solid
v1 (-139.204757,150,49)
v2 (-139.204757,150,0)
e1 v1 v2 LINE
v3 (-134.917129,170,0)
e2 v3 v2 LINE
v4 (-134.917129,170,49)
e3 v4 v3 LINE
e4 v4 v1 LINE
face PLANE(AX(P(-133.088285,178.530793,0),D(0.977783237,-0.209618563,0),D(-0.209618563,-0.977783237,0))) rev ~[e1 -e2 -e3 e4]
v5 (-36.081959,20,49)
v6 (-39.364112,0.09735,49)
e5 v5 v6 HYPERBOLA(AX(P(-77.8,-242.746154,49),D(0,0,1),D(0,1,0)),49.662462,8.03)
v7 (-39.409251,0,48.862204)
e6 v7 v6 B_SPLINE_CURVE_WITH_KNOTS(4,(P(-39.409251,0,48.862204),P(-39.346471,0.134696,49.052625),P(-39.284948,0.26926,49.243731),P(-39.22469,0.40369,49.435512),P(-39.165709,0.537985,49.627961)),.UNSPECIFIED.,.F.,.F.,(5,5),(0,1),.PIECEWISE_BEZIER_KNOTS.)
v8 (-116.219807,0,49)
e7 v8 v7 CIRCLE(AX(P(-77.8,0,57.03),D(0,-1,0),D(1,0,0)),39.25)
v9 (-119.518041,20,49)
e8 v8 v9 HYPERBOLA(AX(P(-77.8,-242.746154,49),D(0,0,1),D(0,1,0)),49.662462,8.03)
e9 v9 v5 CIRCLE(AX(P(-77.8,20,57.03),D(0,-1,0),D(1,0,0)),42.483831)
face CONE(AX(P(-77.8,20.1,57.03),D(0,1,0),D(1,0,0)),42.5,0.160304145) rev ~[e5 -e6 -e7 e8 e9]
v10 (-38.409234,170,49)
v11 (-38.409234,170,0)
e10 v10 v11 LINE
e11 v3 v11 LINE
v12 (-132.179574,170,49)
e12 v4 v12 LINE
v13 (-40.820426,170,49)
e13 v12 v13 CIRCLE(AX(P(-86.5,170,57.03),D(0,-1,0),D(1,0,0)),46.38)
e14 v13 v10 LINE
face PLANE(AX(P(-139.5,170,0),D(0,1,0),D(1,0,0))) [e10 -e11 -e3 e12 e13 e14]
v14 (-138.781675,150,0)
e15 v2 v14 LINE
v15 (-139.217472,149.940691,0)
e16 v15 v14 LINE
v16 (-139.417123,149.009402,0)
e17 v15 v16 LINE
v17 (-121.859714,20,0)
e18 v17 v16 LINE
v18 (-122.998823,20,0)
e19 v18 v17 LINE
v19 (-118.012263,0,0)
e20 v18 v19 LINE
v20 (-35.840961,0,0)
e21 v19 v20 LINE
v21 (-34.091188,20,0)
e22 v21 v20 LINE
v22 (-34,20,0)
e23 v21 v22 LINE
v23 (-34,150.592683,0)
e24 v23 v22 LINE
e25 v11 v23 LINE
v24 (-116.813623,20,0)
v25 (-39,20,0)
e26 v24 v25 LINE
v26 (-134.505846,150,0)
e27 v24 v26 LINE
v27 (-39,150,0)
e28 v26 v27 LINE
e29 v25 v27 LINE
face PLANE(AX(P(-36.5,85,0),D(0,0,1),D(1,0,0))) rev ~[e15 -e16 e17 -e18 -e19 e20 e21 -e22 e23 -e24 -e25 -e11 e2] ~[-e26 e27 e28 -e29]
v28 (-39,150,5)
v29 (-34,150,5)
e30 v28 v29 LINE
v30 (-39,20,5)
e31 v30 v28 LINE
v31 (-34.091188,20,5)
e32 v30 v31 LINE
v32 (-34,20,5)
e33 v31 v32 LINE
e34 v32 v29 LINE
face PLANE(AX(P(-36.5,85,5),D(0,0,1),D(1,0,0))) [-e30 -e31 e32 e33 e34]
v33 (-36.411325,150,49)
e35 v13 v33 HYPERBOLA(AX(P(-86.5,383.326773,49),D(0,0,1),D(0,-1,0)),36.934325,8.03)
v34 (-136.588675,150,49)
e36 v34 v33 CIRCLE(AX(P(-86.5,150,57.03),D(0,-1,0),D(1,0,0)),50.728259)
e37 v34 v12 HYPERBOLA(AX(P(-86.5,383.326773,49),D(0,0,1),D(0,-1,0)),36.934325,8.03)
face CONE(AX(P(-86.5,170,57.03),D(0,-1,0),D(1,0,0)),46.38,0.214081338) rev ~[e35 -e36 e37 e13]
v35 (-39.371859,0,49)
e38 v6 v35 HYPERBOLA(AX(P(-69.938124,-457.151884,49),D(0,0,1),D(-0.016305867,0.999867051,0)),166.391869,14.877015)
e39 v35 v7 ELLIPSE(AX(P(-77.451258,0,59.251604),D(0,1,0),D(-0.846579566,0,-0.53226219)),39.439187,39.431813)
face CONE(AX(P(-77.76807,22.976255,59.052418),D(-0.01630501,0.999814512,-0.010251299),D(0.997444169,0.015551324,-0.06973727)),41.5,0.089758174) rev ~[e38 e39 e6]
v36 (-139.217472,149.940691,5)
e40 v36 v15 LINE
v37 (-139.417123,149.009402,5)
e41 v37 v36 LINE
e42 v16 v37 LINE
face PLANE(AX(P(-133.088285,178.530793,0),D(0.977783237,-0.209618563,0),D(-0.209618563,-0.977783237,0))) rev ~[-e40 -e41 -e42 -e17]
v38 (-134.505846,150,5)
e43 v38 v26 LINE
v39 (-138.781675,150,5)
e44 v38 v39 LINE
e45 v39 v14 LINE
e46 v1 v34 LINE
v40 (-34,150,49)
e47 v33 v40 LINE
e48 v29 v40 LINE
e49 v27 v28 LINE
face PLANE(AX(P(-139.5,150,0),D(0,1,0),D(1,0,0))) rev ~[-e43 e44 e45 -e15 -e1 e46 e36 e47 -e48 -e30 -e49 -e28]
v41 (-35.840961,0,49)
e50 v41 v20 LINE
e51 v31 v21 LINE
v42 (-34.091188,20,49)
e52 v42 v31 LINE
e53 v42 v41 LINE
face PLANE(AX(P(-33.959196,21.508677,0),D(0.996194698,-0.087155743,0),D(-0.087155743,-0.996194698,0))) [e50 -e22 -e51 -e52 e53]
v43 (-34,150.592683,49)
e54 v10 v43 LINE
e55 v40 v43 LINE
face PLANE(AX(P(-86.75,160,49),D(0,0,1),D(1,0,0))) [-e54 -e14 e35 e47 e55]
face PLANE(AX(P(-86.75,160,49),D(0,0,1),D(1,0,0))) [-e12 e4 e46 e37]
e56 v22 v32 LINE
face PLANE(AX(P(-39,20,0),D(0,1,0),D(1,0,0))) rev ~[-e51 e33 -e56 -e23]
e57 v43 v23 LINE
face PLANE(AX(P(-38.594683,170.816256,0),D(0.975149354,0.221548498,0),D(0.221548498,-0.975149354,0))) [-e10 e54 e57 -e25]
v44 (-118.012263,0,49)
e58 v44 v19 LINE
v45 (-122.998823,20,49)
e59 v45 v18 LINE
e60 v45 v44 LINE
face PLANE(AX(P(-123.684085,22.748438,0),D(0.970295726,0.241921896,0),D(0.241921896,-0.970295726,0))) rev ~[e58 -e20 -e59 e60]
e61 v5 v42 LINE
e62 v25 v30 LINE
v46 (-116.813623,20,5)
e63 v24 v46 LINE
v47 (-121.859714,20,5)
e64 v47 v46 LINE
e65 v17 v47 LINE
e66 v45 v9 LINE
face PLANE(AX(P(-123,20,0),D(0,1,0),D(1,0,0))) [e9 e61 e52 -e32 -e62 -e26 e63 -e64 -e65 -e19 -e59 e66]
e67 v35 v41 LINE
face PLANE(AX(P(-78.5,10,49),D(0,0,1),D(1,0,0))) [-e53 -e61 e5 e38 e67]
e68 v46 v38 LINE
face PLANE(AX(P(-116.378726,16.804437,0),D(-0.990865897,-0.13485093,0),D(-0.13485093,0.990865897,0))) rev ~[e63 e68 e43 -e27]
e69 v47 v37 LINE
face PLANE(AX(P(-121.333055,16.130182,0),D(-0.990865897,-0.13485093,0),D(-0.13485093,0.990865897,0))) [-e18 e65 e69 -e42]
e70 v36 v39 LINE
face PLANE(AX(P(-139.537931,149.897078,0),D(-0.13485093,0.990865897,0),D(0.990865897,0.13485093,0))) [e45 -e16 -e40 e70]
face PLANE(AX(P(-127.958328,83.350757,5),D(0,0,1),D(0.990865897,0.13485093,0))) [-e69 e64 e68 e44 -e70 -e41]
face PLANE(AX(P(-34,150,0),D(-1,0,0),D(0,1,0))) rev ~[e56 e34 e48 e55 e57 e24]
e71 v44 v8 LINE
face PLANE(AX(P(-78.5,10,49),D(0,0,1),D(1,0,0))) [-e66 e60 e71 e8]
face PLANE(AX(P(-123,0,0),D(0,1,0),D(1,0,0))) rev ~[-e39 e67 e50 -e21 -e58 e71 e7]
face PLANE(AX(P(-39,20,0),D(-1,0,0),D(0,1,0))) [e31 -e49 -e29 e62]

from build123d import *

# Parameters (mm, degrees)
BOX004_W                = 40
BOX004_H                = 20
BOX004_DEPTH            = 49
BOX004_PLACEMENT_ANGLE  = 257.9
BOX003_W                = 40
BOX003_H                = 20
BOX003_DEPTH            = 49
BOX003_PLACEMENT_ANGLE  = 282.8
BOX001_W                = 105.5
BOX001_H                = 20
BOX001_DEPTH            = 49
BOX007_W                = 5
BOX007_H                = 135
BOX007_DEPTH            = 5
BOX007_PLACEMENT_ANGLE  = 352.25
BOX008_W                = 5
BOX008_H                = 130
BOX008_DEPTH            = 5
CONE001_ROLL_ANGLE      = 89.4112
CONE001_PITCH_ANGLE     = 3.998897
CONE001_PLACEMENT_ANGLE = 0.893236
BOX002_W                = 40
BOX002_H                = 20
BOX002_DEPTH            = 49
BOX002_PLACEMENT_ANGLE  = 76
BOX005_W                = 40
BOX005_H                = 20
BOX005_DEPTH            = 49
BOX005_PLACEMENT_ANGLE  = 95
BOX_W                   = 89
BOX_H                   = 20
BOX_DEPTH               = 49


with BuildPart() as cube004:
    # Box004 → Box004 (new body)
    with BuildSketch(Plane.XY):
        with Locations((20, 10)):
            Rectangle(BOX004_W, BOX004_H)
    extrude(amount=BOX004_DEPTH)


with BuildPart() as cube004_1:
    # Box004 placement: moved
    add(cube004.part.moved(Location((-152.64395, 182.723164, 0))).rotate(Axis((-152.64395, 182.723164, 0), (0, 0, 1)), BOX004_PLACEMENT_ANGLE))


with BuildPart() as cone:
    # Cone → Cone (revolve)
    with BuildSketch(Plane(origin=(-86.5, 170, 57.03), x_dir=(1, 0, 0), z_dir=(0, 0, -1))):
        Polygon((0, 0), (46.38, 0), (50.75, 20.1), (0, 20.1), align=None)
    revolve(axis=Axis((-86.5, 170, 57.03), (0, -1, 0)))


with BuildPart() as cube003:
    # Box003 → Box003 (new body)
    with BuildSketch(Plane.XY):
        with Locations((20, 10)):
            Rectangle(BOX003_W, BOX003_H)
    extrude(amount=BOX003_DEPTH)


with BuildPart() as cube003_1:
    # Box003 placement: moved
    add(cube003.part.moved(Location((-38.594683, 170.816256, 0))).rotate(Axis((-38.594683, 170.816256, 0), (0, 0, 1)), BOX003_PLACEMENT_ANGLE))


with BuildPart() as cut003:
    # Box001 → Box001 (new body)
    with BuildSketch(Plane(origin=(-139.5, 150, 0), x_dir=(1, 0, 0), z_dir=(0, 0, 1))):
        with Locations((52.75, 10)):
            Rectangle(BOX001_W, BOX001_H)
    extrude(amount=BOX001_DEPTH)

    # Cut003: cut Cube003
    add(cube003_1.part, mode=Mode.SUBTRACT)


with BuildPart() as cut005:
    # Box007 → Box007 (new body)
    with BuildSketch(Plane.XY):
        with Locations((2.5, 67.5)):
            Rectangle(BOX007_W, BOX007_H)
    extrude(amount=BOX007_DEPTH)


with BuildPart() as cut005_1:
    # Box007 placement: moved
    add(cut005.part.moved(Location((-121.333055, 16.130182, 0))).rotate(Axis((-121.333055, 16.130182, 0), (0, 0, -1)), BOX007_PLACEMENT_ANGLE))

    # Fusion: union Cut003
    add(cut003.part)

    # Cut004: cut Cone
    add(cone.part, mode=Mode.SUBTRACT)

    # Cut005: cut Cube004
    add(cube004_1.part, mode=Mode.SUBTRACT)


with BuildPart() as cube008:
    # Box008 → Box008 (new body)
    with BuildSketch(Plane(origin=(-39, 20, 0), x_dir=(1, 0, 0), z_dir=(0, 0, 1))):
        with Locations((2.5, 65)):
            Rectangle(BOX008_W, BOX008_H)
    extrude(amount=BOX008_DEPTH)


with BuildPart() as cone002:
    # Cone002 → Cone002 (revolve)
    with BuildSketch(Plane(origin=(-77.8, 20.1, 57.03), x_dir=(1, 0, 0), z_dir=(0, 0, -1))):
        Polygon((0, 0), (42.5, 0), (39.25, 20.1), (0, 20.1), align=None)
    revolve(axis=Axis((-77.8, 20.1, 57.03), (0, -1, 0)))


with BuildPart() as cone001:
    # Cone001 → Cone001 (revolve)
    with BuildSketch(Plane.XZ):
        Polygon((0, 0), (41.5, 0), (39.25, 25), (0, 25), align=None)
    revolve(axis=Axis((0, 0, 0), (0, 0, 1)))


with BuildPart() as cone001_1:
    # Cone001 roll: moved
    add(cone001.part.rotate(Axis((0, 0, 0), (1, 0, 0)), CONE001_ROLL_ANGLE))


with BuildPart() as cone001_2:
    # Cone001 pitch: moved
    add(cone001_1.part.rotate(Axis((0, 0, 0), (0, 1, 0)), CONE001_PITCH_ANGLE))


with BuildPart() as cone001_3:
    # Cone001 placement: moved
    add(cone001_2.part.moved(Location((-77.76807, 22.976255, 59.052418))).rotate(Axis((-77.76807, 22.976255, 59.052418), (0, 0, 1)), CONE001_PLACEMENT_ANGLE))


with BuildPart() as cube002:
    # Box002 → Box002 (new body)
    with BuildSketch(Plane.XY):
        with Locations((20, 10)):
            Rectangle(BOX002_W, BOX002_H)
    extrude(amount=BOX002_DEPTH)


with BuildPart() as cube002_1:
    # Box002 placement: moved
    add(cube002.part.moved(Location((-143.09, 17.91, 0))).rotate(Axis((-143.09, 17.91, 0), (0, 0, -1)), BOX002_PLACEMENT_ANGLE))


with BuildPart() as cube005:
    # Box005 → Box005 (new body)
    with BuildSketch(Plane.XY):
        with Locations((20, 10)):
            Rectangle(BOX005_W, BOX005_H)
    extrude(amount=BOX005_DEPTH)


with BuildPart() as cube005_1:
    # Box005 placement: moved
    add(cube005.part.moved(Location((-33.959196, 21.508677, 0))).rotate(Axis((-33.959196, 21.508677, 0), (0, 0, -1)), BOX005_PLACEMENT_ANGLE))


with BuildPart() as fusion001:
    # Box → Box (new body)
    with BuildSketch(Plane(origin=(-123, 0, 0), x_dir=(1, 0, 0), z_dir=(0, 0, 1))):
        with Locations((44.5, 10)):
            Rectangle(BOX_W, BOX_H)
    extrude(amount=BOX_DEPTH)

    # Cut: cut Cube005
    add(cube005_1.part, mode=Mode.SUBTRACT)

    # Cut001: cut Cube002
    add(cube002_1.part, mode=Mode.SUBTRACT)

    # Cut002: cut Cone001
    add(cone001_3.part, mode=Mode.SUBTRACT)

    # Cut006: cut Cone002
    add(cone002.part, mode=Mode.SUBTRACT)

    # Fusion001: union Cut005, Cube008
    add(cut005_1.part)
    add(cube008.part)


solid = fusion001.part
